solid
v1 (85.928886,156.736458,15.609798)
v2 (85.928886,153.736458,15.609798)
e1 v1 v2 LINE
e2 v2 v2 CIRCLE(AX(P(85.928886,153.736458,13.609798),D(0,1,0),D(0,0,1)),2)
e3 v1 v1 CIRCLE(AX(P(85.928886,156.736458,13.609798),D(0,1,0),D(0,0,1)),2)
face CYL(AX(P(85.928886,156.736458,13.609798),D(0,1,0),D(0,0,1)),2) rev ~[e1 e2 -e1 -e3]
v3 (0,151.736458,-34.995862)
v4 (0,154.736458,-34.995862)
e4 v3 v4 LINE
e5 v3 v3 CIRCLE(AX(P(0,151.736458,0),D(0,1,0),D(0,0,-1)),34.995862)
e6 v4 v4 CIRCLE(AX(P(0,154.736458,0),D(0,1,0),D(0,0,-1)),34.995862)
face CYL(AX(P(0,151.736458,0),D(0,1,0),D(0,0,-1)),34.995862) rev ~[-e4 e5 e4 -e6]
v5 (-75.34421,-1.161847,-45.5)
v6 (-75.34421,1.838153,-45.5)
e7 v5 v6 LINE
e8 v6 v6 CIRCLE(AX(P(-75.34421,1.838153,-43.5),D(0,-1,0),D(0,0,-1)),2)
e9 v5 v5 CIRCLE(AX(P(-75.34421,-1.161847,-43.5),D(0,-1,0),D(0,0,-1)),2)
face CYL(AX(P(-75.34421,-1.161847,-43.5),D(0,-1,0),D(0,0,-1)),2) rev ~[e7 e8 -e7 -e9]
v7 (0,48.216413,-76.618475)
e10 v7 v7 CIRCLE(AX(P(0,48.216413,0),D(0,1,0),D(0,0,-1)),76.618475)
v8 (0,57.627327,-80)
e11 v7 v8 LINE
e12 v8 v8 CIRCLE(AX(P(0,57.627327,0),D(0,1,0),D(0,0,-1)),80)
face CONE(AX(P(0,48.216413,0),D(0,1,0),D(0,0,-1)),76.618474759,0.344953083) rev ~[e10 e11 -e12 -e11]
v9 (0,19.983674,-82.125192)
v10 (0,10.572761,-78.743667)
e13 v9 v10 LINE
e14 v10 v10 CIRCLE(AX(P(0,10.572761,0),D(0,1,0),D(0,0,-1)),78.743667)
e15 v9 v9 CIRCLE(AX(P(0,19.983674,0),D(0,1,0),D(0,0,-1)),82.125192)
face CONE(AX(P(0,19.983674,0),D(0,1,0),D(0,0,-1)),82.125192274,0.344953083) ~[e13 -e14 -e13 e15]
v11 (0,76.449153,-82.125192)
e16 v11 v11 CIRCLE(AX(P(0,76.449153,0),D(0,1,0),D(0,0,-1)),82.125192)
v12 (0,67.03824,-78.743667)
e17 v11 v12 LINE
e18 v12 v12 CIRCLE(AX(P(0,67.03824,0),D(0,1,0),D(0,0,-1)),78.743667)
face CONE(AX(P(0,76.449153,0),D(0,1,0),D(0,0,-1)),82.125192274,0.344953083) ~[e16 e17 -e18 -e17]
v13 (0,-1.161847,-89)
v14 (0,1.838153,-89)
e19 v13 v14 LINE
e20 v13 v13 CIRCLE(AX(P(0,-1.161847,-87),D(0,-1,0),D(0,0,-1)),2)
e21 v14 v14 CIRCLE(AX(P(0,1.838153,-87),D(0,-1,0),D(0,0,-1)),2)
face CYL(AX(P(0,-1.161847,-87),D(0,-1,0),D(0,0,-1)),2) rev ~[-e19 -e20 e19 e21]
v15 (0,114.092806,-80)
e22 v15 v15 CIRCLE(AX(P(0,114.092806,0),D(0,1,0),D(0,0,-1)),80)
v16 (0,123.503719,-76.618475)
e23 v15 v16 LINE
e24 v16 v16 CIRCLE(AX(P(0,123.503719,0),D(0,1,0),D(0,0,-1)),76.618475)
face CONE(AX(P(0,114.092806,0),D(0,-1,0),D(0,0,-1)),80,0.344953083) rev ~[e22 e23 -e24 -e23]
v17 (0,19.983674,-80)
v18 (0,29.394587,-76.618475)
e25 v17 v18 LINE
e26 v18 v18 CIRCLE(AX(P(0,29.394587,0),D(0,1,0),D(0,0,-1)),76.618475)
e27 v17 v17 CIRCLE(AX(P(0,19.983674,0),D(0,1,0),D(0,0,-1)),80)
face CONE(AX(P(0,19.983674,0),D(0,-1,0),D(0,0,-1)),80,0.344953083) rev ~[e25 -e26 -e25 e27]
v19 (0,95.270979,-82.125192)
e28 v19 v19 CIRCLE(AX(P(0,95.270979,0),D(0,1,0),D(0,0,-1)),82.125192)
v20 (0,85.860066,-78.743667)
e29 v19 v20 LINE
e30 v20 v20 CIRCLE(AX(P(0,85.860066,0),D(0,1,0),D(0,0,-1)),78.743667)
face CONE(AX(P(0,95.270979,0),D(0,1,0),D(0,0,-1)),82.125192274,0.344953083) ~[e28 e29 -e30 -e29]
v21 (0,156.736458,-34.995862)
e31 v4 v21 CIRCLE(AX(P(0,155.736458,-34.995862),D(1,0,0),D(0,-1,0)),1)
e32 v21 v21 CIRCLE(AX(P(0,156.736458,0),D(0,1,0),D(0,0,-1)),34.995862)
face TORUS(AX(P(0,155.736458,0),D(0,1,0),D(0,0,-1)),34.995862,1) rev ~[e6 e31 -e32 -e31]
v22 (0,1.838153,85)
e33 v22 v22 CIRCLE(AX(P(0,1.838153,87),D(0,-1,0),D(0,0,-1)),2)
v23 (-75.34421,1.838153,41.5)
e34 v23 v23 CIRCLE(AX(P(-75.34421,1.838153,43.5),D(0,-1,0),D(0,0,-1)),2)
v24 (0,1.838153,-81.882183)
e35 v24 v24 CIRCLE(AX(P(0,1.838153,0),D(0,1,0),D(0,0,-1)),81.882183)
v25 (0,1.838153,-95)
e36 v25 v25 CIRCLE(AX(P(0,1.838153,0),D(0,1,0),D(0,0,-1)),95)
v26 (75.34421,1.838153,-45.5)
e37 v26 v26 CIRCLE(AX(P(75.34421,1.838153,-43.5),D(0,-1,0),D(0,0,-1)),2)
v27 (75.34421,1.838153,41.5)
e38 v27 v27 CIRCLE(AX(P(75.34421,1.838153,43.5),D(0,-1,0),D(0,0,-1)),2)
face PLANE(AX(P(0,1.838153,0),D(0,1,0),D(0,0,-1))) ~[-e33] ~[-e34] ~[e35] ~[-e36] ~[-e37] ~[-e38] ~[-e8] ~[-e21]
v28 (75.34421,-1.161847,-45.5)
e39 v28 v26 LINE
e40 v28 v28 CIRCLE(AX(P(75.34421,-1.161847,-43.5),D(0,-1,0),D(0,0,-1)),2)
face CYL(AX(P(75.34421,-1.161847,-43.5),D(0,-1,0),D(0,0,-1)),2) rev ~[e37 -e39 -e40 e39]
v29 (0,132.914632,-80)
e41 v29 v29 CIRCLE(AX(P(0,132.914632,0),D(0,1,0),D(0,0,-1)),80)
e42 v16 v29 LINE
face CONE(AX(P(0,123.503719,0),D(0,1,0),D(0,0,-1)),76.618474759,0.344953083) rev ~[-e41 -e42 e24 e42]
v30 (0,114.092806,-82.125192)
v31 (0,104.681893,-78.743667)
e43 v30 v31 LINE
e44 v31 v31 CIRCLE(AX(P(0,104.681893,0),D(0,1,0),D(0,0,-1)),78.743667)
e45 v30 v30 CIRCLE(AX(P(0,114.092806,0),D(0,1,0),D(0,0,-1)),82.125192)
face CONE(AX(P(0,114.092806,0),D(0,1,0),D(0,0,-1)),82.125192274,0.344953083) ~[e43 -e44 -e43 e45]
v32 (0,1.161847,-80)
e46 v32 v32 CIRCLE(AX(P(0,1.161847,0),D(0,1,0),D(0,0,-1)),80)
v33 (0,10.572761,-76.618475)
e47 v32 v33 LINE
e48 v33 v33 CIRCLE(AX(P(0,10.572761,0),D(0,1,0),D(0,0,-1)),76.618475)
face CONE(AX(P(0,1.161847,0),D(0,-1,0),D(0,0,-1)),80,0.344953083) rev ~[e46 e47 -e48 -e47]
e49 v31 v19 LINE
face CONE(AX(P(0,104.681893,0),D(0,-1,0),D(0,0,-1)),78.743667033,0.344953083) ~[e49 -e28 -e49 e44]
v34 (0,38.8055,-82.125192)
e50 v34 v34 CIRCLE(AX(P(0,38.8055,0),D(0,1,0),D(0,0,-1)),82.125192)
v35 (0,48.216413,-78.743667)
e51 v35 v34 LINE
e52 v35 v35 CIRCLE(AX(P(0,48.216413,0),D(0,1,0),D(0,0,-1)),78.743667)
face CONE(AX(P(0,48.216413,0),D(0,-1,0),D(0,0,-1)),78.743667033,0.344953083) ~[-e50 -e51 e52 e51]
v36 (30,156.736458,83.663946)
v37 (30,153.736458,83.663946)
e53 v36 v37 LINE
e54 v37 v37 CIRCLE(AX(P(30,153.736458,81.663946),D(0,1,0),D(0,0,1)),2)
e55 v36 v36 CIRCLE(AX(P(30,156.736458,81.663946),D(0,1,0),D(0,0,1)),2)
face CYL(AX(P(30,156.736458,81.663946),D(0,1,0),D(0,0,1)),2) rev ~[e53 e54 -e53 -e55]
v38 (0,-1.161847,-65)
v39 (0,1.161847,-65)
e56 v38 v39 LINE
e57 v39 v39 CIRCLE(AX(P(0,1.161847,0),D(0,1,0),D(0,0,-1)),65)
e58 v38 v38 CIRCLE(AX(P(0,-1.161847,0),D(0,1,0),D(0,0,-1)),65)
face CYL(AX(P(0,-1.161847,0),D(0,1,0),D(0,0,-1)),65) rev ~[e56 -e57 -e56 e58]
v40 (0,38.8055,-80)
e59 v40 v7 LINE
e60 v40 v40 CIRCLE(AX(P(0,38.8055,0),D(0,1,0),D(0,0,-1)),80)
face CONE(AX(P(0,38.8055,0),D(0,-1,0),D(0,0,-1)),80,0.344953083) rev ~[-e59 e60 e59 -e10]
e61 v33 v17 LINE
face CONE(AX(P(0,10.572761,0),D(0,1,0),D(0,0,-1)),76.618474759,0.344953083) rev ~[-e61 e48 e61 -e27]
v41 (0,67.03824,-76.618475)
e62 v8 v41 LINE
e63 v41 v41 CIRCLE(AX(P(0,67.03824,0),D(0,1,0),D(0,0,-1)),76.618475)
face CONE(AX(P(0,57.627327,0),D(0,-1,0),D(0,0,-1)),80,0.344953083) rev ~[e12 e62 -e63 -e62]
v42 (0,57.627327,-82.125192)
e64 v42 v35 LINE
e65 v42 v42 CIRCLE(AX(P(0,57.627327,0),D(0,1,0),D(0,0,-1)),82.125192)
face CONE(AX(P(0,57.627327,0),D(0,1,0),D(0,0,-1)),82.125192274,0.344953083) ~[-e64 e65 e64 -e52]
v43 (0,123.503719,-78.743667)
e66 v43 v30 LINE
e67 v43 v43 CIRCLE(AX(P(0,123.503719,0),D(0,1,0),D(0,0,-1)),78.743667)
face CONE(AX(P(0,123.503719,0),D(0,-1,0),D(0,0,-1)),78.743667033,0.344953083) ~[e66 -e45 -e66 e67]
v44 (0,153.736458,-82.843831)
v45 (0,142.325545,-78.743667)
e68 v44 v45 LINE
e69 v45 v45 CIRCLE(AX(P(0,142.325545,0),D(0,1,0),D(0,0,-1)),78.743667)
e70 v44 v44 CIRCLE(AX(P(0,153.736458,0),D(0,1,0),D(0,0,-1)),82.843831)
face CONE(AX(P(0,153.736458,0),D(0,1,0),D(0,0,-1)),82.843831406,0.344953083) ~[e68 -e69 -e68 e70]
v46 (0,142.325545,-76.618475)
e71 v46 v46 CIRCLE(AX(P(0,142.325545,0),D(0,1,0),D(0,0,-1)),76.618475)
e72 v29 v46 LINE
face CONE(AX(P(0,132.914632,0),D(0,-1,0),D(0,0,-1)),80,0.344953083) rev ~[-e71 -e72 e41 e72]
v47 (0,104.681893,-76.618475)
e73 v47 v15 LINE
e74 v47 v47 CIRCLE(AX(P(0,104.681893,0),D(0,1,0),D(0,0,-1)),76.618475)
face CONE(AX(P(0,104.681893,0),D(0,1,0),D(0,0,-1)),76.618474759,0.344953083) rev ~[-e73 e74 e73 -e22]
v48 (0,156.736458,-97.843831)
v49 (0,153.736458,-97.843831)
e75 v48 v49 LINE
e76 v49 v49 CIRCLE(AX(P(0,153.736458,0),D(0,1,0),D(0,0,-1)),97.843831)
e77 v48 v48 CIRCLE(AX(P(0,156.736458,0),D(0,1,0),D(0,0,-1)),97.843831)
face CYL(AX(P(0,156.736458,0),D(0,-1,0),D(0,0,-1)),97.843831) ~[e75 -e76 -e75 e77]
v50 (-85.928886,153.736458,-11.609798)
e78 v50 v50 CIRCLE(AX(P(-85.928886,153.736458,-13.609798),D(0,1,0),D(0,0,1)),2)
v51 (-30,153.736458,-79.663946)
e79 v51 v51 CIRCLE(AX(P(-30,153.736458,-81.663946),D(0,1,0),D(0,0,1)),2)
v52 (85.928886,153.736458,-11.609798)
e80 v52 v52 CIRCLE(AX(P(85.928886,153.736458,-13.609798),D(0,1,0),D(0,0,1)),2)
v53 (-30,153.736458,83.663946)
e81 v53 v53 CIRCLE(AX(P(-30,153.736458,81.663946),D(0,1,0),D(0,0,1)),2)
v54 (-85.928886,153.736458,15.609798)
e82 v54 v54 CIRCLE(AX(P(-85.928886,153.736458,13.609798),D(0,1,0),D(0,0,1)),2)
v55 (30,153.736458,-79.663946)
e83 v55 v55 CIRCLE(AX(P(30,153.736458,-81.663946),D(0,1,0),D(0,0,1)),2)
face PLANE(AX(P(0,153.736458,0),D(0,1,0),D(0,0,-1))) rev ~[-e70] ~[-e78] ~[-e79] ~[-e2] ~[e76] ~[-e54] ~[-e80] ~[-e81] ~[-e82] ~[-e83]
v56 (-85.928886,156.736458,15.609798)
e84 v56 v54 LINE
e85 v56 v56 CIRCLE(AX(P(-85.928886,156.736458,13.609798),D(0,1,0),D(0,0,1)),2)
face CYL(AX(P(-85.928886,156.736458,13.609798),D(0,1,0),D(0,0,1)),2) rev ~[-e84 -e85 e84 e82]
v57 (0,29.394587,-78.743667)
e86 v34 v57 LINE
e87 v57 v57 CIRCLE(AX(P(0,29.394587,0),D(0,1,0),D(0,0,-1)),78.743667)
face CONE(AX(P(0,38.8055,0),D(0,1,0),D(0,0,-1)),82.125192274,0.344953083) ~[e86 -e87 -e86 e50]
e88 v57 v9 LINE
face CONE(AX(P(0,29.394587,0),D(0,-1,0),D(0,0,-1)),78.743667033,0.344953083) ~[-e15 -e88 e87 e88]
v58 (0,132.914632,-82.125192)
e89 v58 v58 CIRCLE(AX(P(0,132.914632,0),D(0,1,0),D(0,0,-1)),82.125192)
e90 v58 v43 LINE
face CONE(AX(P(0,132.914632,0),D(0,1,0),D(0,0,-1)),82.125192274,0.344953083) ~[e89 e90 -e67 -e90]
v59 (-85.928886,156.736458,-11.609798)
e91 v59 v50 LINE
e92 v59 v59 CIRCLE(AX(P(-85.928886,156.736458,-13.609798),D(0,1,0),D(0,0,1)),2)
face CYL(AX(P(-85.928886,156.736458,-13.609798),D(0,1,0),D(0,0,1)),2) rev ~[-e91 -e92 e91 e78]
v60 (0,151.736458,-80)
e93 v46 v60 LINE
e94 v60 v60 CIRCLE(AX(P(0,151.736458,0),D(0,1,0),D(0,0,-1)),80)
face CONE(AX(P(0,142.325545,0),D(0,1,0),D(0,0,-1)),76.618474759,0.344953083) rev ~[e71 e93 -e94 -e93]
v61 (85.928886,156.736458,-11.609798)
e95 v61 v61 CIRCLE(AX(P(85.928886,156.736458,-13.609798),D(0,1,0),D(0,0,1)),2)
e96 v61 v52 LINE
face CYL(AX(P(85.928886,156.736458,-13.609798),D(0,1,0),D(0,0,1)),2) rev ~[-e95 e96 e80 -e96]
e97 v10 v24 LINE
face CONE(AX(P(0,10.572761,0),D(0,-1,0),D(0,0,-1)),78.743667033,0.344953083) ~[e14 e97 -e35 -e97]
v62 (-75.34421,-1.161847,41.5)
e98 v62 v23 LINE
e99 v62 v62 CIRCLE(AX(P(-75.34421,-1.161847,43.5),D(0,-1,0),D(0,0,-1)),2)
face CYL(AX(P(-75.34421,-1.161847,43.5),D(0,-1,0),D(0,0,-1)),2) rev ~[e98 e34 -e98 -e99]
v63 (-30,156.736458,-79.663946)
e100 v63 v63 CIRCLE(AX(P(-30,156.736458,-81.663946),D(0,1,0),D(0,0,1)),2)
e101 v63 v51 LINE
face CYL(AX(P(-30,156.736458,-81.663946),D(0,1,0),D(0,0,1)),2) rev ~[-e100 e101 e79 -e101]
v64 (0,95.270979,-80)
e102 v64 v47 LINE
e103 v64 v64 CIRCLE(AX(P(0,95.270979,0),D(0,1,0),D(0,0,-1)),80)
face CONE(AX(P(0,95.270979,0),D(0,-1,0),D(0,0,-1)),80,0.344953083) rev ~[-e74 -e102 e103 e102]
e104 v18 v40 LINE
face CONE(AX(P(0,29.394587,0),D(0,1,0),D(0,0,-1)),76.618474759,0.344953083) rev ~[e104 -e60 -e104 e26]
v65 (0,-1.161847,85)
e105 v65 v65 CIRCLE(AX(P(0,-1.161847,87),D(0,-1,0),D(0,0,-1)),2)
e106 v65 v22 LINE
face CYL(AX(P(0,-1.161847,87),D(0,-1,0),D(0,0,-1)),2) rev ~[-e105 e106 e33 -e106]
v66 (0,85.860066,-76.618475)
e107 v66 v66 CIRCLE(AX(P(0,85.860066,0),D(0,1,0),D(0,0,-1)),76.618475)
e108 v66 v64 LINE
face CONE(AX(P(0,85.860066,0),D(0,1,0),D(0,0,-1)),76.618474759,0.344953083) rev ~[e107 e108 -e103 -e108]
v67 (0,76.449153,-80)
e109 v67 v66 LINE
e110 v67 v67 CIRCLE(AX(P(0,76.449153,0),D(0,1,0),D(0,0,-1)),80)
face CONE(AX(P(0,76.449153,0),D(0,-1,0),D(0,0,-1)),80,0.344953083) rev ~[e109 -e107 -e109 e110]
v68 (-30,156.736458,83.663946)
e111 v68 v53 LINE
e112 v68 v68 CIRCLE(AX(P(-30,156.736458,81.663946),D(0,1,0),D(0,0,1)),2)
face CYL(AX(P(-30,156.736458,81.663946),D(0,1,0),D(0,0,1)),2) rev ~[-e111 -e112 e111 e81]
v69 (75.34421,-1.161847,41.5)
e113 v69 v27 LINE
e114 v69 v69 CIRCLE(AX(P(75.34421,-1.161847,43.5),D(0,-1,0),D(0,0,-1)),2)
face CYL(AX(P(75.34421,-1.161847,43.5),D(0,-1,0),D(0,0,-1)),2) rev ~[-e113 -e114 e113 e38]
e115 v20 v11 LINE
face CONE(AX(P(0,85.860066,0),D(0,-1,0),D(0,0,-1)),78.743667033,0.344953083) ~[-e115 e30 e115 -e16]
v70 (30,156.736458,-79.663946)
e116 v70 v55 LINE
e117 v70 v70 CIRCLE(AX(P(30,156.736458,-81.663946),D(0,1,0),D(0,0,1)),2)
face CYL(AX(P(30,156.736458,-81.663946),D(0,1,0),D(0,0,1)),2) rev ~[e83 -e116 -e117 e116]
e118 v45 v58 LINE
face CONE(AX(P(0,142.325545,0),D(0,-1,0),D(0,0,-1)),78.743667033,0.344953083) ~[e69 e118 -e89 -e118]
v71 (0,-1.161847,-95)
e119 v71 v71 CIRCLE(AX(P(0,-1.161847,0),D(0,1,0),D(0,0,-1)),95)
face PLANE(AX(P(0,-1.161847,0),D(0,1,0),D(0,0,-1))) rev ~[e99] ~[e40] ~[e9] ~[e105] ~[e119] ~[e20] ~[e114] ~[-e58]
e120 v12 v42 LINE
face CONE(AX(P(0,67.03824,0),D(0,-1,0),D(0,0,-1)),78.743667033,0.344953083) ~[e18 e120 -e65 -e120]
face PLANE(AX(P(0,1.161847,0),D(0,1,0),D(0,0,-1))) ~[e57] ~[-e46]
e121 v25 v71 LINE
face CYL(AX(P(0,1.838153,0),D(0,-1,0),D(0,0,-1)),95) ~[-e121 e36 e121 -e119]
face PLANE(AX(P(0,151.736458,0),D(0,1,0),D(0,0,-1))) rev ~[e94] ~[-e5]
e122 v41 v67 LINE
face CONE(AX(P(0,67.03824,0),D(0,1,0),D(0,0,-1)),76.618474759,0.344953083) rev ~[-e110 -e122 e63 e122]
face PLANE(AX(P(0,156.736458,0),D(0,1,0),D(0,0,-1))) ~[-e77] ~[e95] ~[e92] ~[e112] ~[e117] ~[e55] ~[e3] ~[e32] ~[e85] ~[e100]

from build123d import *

# Parameters (mm, degrees)
CUT_EXTRUDE1_REACH = 211.949
SKETCH2_R          = 2
CUT_EXTRUDE2_REACH = 211.949
SKETCH3_R          = 2


with BuildPart() as part:
    # Sketch1 → Revolve4 (revolve)
    with BuildSketch(Plane.XY, mode=Mode.PRIVATE) as revolve4_sk:
        with BuildLine():
            Line((80, 1.161847476), (76.618474759, 10.572760664))
            Line((76.618474759, 10.572760664), (80, 19.983673853))
            Line((80, 19.983673853), (76.618474759, 29.394587041))
            Line((76.618474759, 29.394587041), (80, 38.80550023))
            Line((80, 38.80550023), (76.618474759, 48.216413418))
            Line((76.618474759, 48.216413418), (80, 57.627326607))
            Line((80, 57.627326607), (76.618474759, 67.038239796))
            Line((76.618474759, 67.038239796), (80, 76.449152984))
            Line((80, 76.449152984), (76.618474759, 85.860066173))
            Line((76.618474759, 85.860066173), (80, 95.270979361))
            Line((80, 95.270979361), (76.618474759, 104.68189255))
            Line((76.618474759, 104.68189255), (80, 114.092805738))
            Line((80, 114.092805738), (76.618474759, 123.503718927))
            Line((76.618474759, 123.503718927), (80, 132.914632115))
            Line((80, 132.914632115), (76.618474759, 142.325545304))
            Line((76.618474759, 142.325545304), (80, 151.736458492))
            Line((80, 151.736458492), (34.99586215, 151.736458492))
            Line((34.99586215, 151.736458492), (34.99586215, 154.736458492))
            ThreePointArc((34.99586215, 154.736458492), (35.99586215, 155.736458492), (34.99586215, 156.736458492))
            Line((34.99586215, 156.736458492), (97.843831402, 156.736458492))
            Line((97.843831402, 156.736458492), (97.843831402, 153.736458492))
            Line((97.843831402, 153.736458492), (82.843831406, 153.736458492))
            Line((82.843831406, 153.736458492), (78.743667033, 142.325545304))
            Line((78.743667033, 142.325545304), (82.125192274, 132.914632115))
            Line((82.125192274, 132.914632115), (78.743667033, 123.503718927))
            Line((78.743667033, 123.503718927), (82.125192274, 114.092805738))
            Line((82.125192274, 114.092805738), (78.743667033, 104.68189255))
            Line((78.743667033, 104.68189255), (82.125192274, 95.270979361))
            Line((82.125192274, 95.270979361), (78.743667033, 85.860066173))
            Line((78.743667033, 85.860066173), (82.125192274, 76.449152984))
            Line((82.125192274, 76.449152984), (78.743667033, 67.038239796))
            Line((78.743667033, 67.038239796), (82.125192274, 57.627326607))
            Line((82.125192274, 57.627326607), (78.743667033, 48.216413418))
            Line((78.743667033, 48.216413418), (82.125192274, 38.80550023))
            Line((82.125192274, 38.80550023), (78.743667033, 29.394587041))
            Line((78.743667033, 29.394587041), (82.125192274, 19.983673853))
            Line((82.125192274, 19.983673853), (78.743667033, 10.572760664))
            Line((78.743667033, 10.572760664), (81.882182638, 1.838152524))
            Line((81.882182638, 1.838152524), (95, 1.838152524))
            Line((95, 1.838152524), (95, -1.161847476))
            Line((95, -1.161847476), (65, -1.161847476))
            Line((65, -1.161847476), (65, 1.161847476))
            Line((65, 1.161847476), (80, 1.161847476))
        make_face()
    revolve(revolve4_sk.sketch.rotate(Axis((0, 0, 0), (0, 1, 0)), 90), axis=Axis((0, 0, 0), (0, 1, 0)))

    # Sketch2 → Cut-Extrude1 (cut, up to next)
    with BuildSketch(Plane(origin=(0, 156.736458492, 0), x_dir=(1, 0, 0), z_dir=(0, 1, 0)), mode=Mode.PRIVATE) as cut_extrude1_sk1:
        with Locations(Location((-85.928885632, 13.609798458, 0), (0, 0, 270))):
            Circle(SKETCH2_R)
    cut_extrude1_tool1 = extrude(cut_extrude1_sk1.sketch, amount=-CUT_EXTRUDE1_REACH, mode=Mode.PRIVATE) & part.part
    # Sketch2 → Cut-Extrude1 (cut, up to next)
    with BuildSketch(Plane(origin=(0, 156.736458492, 0), x_dir=(1, 0, 0), z_dir=(0, 1, 0)), mode=Mode.PRIVATE) as cut_extrude1_sk2:
        with Locations(Location((-85.928885632, -13.609798458, 0), (0, 0, 270))):
            Circle(SKETCH2_R)
    cut_extrude1_tool2 = extrude(cut_extrude1_sk2.sketch, amount=-CUT_EXTRUDE1_REACH, mode=Mode.PRIVATE) & part.part
    # Sketch2 → Cut-Extrude1 (cut, up to next)
    with BuildSketch(Plane(origin=(0, 156.736458492, 0), x_dir=(1, 0, 0), z_dir=(0, 1, 0)), mode=Mode.PRIVATE) as cut_extrude1_sk3:
        with Locations(Location((85.928885632, 13.609798458, 0), (0, 0, 270))):
            Circle(SKETCH2_R)
    cut_extrude1_tool3 = extrude(cut_extrude1_sk3.sketch, amount=-CUT_EXTRUDE1_REACH, mode=Mode.PRIVATE) & part.part
    # Sketch2 → Cut-Extrude1 (cut, up to next)
    with BuildSketch(Plane(origin=(0, 156.736458492, 0), x_dir=(1, 0, 0), z_dir=(0, 1, 0)), mode=Mode.PRIVATE) as cut_extrude1_sk4:
        with Locations(Location((85.928885632, -13.609798458, 0), (0, 0, 270))):
            Circle(SKETCH2_R)
    cut_extrude1_tool4 = extrude(cut_extrude1_sk4.sketch, amount=-CUT_EXTRUDE1_REACH, mode=Mode.PRIVATE) & part.part
    # Sketch2 → Cut-Extrude1 (cut, up to next)
    with BuildSketch(Plane(origin=(0, 156.736458492, 0), x_dir=(1, 0, 0), z_dir=(0, 1, 0)), mode=Mode.PRIVATE) as cut_extrude1_sk5:
        with Locations(Location((-30, 81.663945533, 0), (0, 0, 270))):
            Circle(SKETCH2_R)
    cut_extrude1_tool5 = extrude(cut_extrude1_sk5.sketch, amount=-CUT_EXTRUDE1_REACH, mode=Mode.PRIVATE) & part.part
    # Sketch2 → Cut-Extrude1 (cut, up to next)
    with BuildSketch(Plane(origin=(0, 156.736458492, 0), x_dir=(1, 0, 0), z_dir=(0, 1, 0)), mode=Mode.PRIVATE) as cut_extrude1_sk6:
        with Locations(Location((30, 81.663945533, 0), (0, 0, 270))):
            Circle(SKETCH2_R)
    cut_extrude1_tool6 = extrude(cut_extrude1_sk6.sketch, amount=-CUT_EXTRUDE1_REACH, mode=Mode.PRIVATE) & part.part
    # Sketch2 → Cut-Extrude1 (cut, up to next)
    with BuildSketch(Plane(origin=(0, 156.736458492, 0), x_dir=(1, 0, 0), z_dir=(0, 1, 0)), mode=Mode.PRIVATE) as cut_extrude1_sk7:
        with Locations(Location((30, -81.663945533, 0), (0, 0, 270))):
            Circle(SKETCH2_R)
    cut_extrude1_tool7 = extrude(cut_extrude1_sk7.sketch, amount=-CUT_EXTRUDE1_REACH, mode=Mode.PRIVATE) & part.part
    # Sketch2 → Cut-Extrude1 (cut, up to next)
    with BuildSketch(Plane(origin=(0, 156.736458492, 0), x_dir=(1, 0, 0), z_dir=(0, 1, 0)), mode=Mode.PRIVATE) as cut_extrude1_sk8:
        with Locations(Location((-30, -81.663945533, 0), (0, 0, 270))):
            Circle(SKETCH2_R)
    cut_extrude1_tool8 = extrude(cut_extrude1_sk8.sketch, amount=-CUT_EXTRUDE1_REACH, mode=Mode.PRIVATE) & part.part
    add(cut_extrude1_tool1.solids().sort_by_distance((-85.928886, 156.736458, -13.609798))[0], mode=Mode.SUBTRACT)
    add(cut_extrude1_tool2.solids().sort_by_distance((-85.928886, 156.736458, 13.609798))[0], mode=Mode.SUBTRACT)
    add(cut_extrude1_tool3.solids().sort_by_distance((85.928886, 156.736458, -13.609798))[0], mode=Mode.SUBTRACT)
    add(cut_extrude1_tool4.solids().sort_by_distance((85.928886, 156.736458, 13.609798))[0], mode=Mode.SUBTRACT)
    add(cut_extrude1_tool5.solids().sort_by_distance((-30, 156.736458, -81.663946))[0], mode=Mode.SUBTRACT)
    add(cut_extrude1_tool6.solids().sort_by_distance((30, 156.736458, -81.663946))[0], mode=Mode.SUBTRACT)
    add(cut_extrude1_tool7.solids().sort_by_distance((30, 156.736458, 81.663946))[0], mode=Mode.SUBTRACT)
    add(cut_extrude1_tool8.solids().sort_by_distance((-30, 156.736458, 81.663946))[0], mode=Mode.SUBTRACT)

    # Sketch3 → Cut-Extrude2 (cut, up to next)
    with BuildSketch(Plane.XZ.offset(1.161847476), mode=Mode.PRIVATE) as cut_extrude2_sk1:
        with Locations(Location((0, 87, 0), (0, 0, 270))):
            Circle(SKETCH3_R)
    cut_extrude2_tool1 = extrude(cut_extrude2_sk1.sketch, amount=-CUT_EXTRUDE2_REACH, mode=Mode.PRIVATE) & part.part
    # Sketch3 → Cut-Extrude2 (cut, up to next)
    with BuildSketch(Plane.XZ.offset(1.161847476), mode=Mode.PRIVATE) as cut_extrude2_sk2:
        with Locations(Location((75.344210129, 43.5, 0), (0, 0, 270))):
            Circle(SKETCH3_R)
    cut_extrude2_tool2 = extrude(cut_extrude2_sk2.sketch, amount=-CUT_EXTRUDE2_REACH, mode=Mode.PRIVATE) & part.part
    # Sketch3 → Cut-Extrude2 (cut, up to next)
    with BuildSketch(Plane.XZ.offset(1.161847476), mode=Mode.PRIVATE) as cut_extrude2_sk3:
        with Locations(Location((75.344210129, -43.5, 0), (0, 0, 270))):
            Circle(SKETCH3_R)
    cut_extrude2_tool3 = extrude(cut_extrude2_sk3.sketch, amount=-CUT_EXTRUDE2_REACH, mode=Mode.PRIVATE) & part.part
    # Sketch3 → Cut-Extrude2 (cut, up to next)
    with BuildSketch(Plane.XZ.offset(1.161847476), mode=Mode.PRIVATE) as cut_extrude2_sk4:
        with Locations(Location((0, -87, 0), (0, 0, 270))):
            Circle(SKETCH3_R)
    cut_extrude2_tool4 = extrude(cut_extrude2_sk4.sketch, amount=-CUT_EXTRUDE2_REACH, mode=Mode.PRIVATE) & part.part
    # Sketch3 → Cut-Extrude2 (cut, up to next)
    with BuildSketch(Plane.XZ.offset(1.161847476), mode=Mode.PRIVATE) as cut_extrude2_sk5:
        with Locations(Location((-75.344210129, -43.5, 0), (0, 0, 270))):
            Circle(SKETCH3_R)
    cut_extrude2_tool5 = extrude(cut_extrude2_sk5.sketch, amount=-CUT_EXTRUDE2_REACH, mode=Mode.PRIVATE) & part.part
    # Sketch3 → Cut-Extrude2 (cut, up to next)
    with BuildSketch(Plane.XZ.offset(1.161847476), mode=Mode.PRIVATE) as cut_extrude2_sk6:
        with Locations(Location((-75.344210129, 43.5, 0), (0, 0, 270))):
            Circle(SKETCH3_R)
    cut_extrude2_tool6 = extrude(cut_extrude2_sk6.sketch, amount=-CUT_EXTRUDE2_REACH, mode=Mode.PRIVATE) & part.part
    add(cut_extrude2_tool1.solids().sort_by_distance((0, -1.161847, 87))[0], mode=Mode.SUBTRACT)
    add(cut_extrude2_tool2.solids().sort_by_distance((75.34421, -1.161847, 43.5))[0], mode=Mode.SUBTRACT)
    add(cut_extrude2_tool3.solids().sort_by_distance((75.34421, -1.161847, -43.5))[0], mode=Mode.SUBTRACT)
    add(cut_extrude2_tool4.solids().sort_by_distance((0, -1.161847, -87))[0], mode=Mode.SUBTRACT)
    add(cut_extrude2_tool5.solids().sort_by_distance((-75.34421, -1.161847, -43.5))[0], mode=Mode.SUBTRACT)
    add(cut_extrude2_tool6.solids().sort_by_distance((-75.34421, -1.161847, 43.5))[0], mode=Mode.SUBTRACT)


solid = part.part
